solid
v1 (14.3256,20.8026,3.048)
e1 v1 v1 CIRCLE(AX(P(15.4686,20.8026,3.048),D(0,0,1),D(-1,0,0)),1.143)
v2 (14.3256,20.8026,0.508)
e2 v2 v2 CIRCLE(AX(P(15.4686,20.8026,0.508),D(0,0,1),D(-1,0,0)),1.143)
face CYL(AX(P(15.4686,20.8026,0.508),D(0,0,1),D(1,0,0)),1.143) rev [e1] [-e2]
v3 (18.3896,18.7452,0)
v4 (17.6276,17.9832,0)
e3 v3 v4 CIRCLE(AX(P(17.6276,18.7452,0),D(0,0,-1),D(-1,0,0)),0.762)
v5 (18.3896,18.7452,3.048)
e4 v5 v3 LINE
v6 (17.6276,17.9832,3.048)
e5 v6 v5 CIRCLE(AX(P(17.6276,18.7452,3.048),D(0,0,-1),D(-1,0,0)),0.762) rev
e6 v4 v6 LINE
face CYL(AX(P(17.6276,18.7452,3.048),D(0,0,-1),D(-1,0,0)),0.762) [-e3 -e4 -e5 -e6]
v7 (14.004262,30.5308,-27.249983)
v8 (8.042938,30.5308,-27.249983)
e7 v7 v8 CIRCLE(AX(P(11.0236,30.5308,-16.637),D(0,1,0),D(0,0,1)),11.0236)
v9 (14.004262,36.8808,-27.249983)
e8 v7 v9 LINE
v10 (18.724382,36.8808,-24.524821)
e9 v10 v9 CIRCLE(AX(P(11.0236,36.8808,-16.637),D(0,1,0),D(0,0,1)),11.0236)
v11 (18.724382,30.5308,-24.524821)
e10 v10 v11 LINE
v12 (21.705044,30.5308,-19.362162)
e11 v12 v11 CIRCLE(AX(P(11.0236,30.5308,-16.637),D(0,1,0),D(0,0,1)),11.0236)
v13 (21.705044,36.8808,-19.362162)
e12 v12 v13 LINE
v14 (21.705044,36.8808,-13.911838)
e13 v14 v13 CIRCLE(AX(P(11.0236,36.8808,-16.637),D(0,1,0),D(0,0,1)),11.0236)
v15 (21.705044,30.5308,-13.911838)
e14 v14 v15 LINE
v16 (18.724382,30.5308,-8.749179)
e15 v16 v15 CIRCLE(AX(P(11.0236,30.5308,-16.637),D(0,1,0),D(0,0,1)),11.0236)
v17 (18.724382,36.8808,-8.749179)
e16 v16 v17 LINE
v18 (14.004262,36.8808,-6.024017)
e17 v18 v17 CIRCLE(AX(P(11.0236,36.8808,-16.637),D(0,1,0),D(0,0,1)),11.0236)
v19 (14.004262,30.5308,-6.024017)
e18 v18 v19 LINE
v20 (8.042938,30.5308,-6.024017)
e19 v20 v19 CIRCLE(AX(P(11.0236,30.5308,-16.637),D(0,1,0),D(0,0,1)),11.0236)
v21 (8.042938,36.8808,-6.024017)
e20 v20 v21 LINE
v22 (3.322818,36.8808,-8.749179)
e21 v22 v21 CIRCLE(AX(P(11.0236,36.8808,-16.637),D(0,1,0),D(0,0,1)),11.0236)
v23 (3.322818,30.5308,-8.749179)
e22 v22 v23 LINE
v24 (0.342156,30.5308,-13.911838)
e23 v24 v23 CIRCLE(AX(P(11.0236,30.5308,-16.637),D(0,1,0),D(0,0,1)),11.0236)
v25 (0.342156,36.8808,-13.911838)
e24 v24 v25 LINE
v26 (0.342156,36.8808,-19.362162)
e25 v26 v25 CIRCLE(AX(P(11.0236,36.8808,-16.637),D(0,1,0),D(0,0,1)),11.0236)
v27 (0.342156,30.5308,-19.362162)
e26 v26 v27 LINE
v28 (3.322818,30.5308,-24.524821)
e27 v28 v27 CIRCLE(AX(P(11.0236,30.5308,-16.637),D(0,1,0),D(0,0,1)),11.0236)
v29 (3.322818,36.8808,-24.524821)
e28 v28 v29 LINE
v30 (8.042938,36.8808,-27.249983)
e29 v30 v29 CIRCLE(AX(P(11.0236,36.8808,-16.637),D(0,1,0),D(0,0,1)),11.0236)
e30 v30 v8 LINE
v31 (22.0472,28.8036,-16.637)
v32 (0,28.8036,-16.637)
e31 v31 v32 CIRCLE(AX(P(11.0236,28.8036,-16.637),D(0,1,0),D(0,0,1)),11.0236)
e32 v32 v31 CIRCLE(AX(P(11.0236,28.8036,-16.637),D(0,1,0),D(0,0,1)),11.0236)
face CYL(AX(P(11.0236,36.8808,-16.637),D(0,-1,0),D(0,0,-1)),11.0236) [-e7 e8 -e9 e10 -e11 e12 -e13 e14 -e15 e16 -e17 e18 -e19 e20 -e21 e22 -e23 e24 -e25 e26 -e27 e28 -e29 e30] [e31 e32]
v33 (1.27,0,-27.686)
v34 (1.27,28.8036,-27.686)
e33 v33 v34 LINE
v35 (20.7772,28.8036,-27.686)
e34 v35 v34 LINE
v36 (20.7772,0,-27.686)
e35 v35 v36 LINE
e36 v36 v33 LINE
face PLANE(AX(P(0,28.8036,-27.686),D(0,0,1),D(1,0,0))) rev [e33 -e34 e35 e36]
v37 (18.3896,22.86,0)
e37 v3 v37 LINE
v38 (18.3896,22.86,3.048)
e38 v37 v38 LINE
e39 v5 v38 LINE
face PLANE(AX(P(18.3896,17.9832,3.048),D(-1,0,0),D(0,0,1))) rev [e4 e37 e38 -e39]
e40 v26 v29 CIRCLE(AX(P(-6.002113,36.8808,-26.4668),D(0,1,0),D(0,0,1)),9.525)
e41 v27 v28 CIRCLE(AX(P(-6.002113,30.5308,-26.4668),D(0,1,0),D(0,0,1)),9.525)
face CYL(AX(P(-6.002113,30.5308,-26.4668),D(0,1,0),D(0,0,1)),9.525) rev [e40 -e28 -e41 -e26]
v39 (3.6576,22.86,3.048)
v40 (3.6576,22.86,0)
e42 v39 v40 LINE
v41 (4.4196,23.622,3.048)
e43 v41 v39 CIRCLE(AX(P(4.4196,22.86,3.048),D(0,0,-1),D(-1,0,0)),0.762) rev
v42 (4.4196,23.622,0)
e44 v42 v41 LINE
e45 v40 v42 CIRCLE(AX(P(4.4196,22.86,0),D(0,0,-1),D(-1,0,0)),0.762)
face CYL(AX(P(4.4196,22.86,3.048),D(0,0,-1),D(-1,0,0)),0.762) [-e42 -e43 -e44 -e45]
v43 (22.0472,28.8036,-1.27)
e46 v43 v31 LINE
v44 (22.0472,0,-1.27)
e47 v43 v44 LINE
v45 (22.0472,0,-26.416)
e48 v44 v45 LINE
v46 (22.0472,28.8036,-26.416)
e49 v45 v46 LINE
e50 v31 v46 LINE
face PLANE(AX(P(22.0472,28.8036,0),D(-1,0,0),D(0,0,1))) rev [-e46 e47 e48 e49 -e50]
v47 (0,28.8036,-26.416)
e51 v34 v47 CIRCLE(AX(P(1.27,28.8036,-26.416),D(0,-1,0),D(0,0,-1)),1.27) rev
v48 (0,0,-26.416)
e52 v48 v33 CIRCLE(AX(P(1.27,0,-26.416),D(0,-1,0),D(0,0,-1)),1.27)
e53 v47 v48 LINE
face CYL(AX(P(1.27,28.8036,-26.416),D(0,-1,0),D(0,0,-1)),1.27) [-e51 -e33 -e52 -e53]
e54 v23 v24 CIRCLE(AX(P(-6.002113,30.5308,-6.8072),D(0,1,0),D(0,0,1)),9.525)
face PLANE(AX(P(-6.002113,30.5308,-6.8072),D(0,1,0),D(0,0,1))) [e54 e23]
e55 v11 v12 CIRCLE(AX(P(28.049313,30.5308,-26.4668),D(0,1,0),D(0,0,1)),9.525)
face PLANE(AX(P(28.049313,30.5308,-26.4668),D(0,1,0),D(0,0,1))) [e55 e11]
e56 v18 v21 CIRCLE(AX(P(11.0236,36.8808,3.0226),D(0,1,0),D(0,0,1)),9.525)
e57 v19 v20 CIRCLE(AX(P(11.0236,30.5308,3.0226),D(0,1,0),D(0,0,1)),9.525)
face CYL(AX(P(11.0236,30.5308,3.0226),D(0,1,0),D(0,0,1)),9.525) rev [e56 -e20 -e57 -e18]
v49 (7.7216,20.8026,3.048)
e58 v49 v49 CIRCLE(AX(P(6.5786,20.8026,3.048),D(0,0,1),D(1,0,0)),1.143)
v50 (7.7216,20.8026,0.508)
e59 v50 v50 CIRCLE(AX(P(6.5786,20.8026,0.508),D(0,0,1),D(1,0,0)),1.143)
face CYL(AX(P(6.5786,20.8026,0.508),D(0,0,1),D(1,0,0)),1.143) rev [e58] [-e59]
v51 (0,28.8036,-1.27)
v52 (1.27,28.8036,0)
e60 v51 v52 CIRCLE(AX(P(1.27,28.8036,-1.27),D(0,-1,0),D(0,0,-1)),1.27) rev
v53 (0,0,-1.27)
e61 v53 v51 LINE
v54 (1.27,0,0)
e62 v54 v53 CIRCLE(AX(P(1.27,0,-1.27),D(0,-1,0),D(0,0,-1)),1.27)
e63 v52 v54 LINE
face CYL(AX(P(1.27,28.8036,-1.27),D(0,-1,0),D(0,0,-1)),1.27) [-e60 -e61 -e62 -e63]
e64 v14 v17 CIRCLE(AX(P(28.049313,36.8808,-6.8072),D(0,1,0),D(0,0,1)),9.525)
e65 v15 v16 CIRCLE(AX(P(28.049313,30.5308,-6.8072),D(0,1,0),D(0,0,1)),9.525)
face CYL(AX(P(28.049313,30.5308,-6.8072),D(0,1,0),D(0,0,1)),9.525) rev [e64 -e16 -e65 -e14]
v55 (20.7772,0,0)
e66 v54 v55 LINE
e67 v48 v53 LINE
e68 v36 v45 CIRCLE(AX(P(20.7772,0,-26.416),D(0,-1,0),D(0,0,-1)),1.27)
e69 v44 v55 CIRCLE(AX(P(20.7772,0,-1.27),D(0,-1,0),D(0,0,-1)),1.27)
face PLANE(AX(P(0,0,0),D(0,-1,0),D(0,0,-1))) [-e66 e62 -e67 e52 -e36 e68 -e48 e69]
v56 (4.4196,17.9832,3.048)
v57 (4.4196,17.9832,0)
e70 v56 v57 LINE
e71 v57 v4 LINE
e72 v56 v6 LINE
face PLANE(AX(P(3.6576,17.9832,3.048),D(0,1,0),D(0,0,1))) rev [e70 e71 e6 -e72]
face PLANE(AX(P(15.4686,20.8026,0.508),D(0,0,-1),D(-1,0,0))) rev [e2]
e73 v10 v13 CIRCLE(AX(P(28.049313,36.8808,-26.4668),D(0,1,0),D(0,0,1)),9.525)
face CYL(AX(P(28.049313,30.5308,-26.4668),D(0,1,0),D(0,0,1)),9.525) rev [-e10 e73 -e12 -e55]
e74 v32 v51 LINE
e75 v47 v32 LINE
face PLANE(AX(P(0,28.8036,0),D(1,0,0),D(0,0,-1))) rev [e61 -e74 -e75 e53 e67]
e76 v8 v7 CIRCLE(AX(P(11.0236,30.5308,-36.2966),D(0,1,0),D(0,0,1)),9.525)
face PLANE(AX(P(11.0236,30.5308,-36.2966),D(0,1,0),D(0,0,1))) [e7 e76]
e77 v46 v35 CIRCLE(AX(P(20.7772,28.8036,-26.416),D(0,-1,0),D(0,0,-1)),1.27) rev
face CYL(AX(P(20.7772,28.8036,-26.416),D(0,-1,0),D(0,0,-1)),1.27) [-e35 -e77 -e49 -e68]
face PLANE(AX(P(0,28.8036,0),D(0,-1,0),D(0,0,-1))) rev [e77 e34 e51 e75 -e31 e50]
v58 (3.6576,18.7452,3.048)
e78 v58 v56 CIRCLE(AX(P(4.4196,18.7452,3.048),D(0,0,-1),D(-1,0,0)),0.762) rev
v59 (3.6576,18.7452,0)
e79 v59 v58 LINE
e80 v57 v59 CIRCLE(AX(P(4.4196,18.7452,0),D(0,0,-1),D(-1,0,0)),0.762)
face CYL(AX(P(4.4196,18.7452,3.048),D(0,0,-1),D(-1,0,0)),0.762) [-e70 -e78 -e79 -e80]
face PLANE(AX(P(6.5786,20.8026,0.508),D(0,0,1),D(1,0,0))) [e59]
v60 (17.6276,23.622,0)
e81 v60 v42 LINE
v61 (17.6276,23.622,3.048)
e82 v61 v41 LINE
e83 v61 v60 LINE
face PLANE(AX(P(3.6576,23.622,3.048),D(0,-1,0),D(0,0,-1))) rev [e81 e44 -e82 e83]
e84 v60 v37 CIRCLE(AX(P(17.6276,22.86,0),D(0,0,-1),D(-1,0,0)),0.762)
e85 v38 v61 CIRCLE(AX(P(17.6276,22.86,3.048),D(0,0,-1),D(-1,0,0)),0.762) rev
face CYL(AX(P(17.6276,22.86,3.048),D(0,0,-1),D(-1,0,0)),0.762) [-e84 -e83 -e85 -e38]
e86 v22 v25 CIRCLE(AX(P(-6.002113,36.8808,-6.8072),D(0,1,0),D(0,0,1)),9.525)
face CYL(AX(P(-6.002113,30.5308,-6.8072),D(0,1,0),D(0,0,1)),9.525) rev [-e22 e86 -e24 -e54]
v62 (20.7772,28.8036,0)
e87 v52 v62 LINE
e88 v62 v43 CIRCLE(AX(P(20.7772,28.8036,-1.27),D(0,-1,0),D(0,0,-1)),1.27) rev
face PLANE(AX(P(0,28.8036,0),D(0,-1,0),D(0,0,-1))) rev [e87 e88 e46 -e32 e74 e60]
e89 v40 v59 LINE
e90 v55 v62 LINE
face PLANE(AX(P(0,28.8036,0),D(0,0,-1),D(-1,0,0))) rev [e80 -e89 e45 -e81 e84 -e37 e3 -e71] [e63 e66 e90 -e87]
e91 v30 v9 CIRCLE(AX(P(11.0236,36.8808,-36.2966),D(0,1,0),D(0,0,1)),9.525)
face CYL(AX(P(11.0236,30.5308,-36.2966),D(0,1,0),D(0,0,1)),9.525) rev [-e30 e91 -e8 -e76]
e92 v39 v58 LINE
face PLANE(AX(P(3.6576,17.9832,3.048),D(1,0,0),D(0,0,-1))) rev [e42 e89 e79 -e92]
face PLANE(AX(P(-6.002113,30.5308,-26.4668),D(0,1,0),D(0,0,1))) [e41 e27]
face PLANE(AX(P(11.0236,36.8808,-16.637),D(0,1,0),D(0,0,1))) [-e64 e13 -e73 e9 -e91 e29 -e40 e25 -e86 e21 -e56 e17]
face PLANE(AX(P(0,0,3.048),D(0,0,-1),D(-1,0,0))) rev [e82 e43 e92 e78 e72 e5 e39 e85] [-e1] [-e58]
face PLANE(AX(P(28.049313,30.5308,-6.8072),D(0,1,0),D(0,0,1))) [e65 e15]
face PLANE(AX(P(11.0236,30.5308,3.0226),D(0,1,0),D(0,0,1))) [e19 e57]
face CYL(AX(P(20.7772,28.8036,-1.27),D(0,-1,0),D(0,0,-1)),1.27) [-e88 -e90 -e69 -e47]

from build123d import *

# Parameters (mm, degrees)
SKETCH1_W           = 22.0472
SKETCH1_H           = 27.686
BOSS_EXTRUDE1_DEPTH = 28.8036
SKETCH2_W           = 14.732
SKETCH2_H           = 5.6388
BOSS_EXTRUDE2_DEPTH = 3.048
SKETCH3_R           = 11.0236
BOSS_EXTRUDE3_DEPTH = 8.0772
SKETCH4_R           = 9.525
CUT_EXTRUDE1_DEPTH  = 6.35
FILLET1_R           = 1.27
FILLET2_R           = 0.762
SKETCH5_R           = 1.143
CUT_EXTRUDE2_DEPTH  = 2.54


with BuildPart() as part:
    # Sketch1 → Boss-Extrude1 (new body)
    with BuildSketch(Plane(origin=(0, 0, 0), x_dir=(1, 0, 0), z_dir=(0, 1, 0))):
        with Locations((11.0236, 13.843)):
            Rectangle(SKETCH1_W, SKETCH1_H)
    extrude(amount=BOSS_EXTRUDE1_DEPTH)

    # Sketch2 → Boss-Extrude2 (add)
    with BuildSketch(Plane.XY):
        with Locations((11.0236, 20.8026)):
            Rectangle(SKETCH2_W, SKETCH2_H)
    extrude(amount=BOSS_EXTRUDE2_DEPTH)

    # Sketch3 → Boss-Extrude3 (add)
    with BuildSketch(Plane(origin=(0, 28.8036, 0), x_dir=(1, 0, 0), z_dir=(0, 1, 0))):
        with Locations((11.0236, 16.637)):
            Circle(SKETCH3_R)
    extrude(amount=BOSS_EXTRUDE3_DEPTH)

    # Sketch4 → Cut-Extrude1 (cut)
    with BuildSketch(Plane(origin=(0, 36.8808, 0), x_dir=(1, 0, 0), z_dir=(0, 1, 0))):
        with Locations((11.0236, 36.2966)):
            Circle(SKETCH4_R)
        with Locations((28.049313028, 26.4668)):
            Circle(SKETCH4_R)
        with Locations((28.049313028, 6.8072)):
            Circle(SKETCH4_R)
        with Locations((11.0236, -3.0226)):
            Circle(SKETCH4_R)
        with Locations((-6.002113028, 6.8072)):
            Circle(SKETCH4_R)
        with Locations((-6.002113028, 26.4668)):
            Circle(SKETCH4_R)
    extrude(amount=-CUT_EXTRUDE1_DEPTH, mode=Mode.SUBTRACT)

    # Fillet1
    fillet1_edges = [part.edges().sort_by_distance(p)[0] for p in [
        (0, 14.4018, -27.686),
        (22.0472, 14.4018, -27.686),
        (22.0472, 14.4018, 0),
        (0, 14.4018, 0),
    ]]
    fillet(fillet1_edges, radius=FILLET1_R)

    # Fillet2
    fillet2_edges = [part.edges().sort_by_distance(p)[0] for p in [
        (18.3896, 17.9832, 1.524),
        (18.3896, 23.622, 1.524),
        (3.6576, 23.622, 1.524),
        (3.6576, 17.9832, 1.524),
    ]]
    fillet(fillet2_edges, radius=FILLET2_R)

    # Sketch5 → Cut-Extrude2 (cut)
    with BuildSketch(Plane.XY.offset(3.048)):
        with Locations((6.5786, 20.8026)):
            Circle(SKETCH5_R)
        with Locations((15.4686, 20.8026)):
            Circle(SKETCH5_R)
    extrude(amount=-CUT_EXTRUDE2_DEPTH, mode=Mode.SUBTRACT)


solid = part.part
